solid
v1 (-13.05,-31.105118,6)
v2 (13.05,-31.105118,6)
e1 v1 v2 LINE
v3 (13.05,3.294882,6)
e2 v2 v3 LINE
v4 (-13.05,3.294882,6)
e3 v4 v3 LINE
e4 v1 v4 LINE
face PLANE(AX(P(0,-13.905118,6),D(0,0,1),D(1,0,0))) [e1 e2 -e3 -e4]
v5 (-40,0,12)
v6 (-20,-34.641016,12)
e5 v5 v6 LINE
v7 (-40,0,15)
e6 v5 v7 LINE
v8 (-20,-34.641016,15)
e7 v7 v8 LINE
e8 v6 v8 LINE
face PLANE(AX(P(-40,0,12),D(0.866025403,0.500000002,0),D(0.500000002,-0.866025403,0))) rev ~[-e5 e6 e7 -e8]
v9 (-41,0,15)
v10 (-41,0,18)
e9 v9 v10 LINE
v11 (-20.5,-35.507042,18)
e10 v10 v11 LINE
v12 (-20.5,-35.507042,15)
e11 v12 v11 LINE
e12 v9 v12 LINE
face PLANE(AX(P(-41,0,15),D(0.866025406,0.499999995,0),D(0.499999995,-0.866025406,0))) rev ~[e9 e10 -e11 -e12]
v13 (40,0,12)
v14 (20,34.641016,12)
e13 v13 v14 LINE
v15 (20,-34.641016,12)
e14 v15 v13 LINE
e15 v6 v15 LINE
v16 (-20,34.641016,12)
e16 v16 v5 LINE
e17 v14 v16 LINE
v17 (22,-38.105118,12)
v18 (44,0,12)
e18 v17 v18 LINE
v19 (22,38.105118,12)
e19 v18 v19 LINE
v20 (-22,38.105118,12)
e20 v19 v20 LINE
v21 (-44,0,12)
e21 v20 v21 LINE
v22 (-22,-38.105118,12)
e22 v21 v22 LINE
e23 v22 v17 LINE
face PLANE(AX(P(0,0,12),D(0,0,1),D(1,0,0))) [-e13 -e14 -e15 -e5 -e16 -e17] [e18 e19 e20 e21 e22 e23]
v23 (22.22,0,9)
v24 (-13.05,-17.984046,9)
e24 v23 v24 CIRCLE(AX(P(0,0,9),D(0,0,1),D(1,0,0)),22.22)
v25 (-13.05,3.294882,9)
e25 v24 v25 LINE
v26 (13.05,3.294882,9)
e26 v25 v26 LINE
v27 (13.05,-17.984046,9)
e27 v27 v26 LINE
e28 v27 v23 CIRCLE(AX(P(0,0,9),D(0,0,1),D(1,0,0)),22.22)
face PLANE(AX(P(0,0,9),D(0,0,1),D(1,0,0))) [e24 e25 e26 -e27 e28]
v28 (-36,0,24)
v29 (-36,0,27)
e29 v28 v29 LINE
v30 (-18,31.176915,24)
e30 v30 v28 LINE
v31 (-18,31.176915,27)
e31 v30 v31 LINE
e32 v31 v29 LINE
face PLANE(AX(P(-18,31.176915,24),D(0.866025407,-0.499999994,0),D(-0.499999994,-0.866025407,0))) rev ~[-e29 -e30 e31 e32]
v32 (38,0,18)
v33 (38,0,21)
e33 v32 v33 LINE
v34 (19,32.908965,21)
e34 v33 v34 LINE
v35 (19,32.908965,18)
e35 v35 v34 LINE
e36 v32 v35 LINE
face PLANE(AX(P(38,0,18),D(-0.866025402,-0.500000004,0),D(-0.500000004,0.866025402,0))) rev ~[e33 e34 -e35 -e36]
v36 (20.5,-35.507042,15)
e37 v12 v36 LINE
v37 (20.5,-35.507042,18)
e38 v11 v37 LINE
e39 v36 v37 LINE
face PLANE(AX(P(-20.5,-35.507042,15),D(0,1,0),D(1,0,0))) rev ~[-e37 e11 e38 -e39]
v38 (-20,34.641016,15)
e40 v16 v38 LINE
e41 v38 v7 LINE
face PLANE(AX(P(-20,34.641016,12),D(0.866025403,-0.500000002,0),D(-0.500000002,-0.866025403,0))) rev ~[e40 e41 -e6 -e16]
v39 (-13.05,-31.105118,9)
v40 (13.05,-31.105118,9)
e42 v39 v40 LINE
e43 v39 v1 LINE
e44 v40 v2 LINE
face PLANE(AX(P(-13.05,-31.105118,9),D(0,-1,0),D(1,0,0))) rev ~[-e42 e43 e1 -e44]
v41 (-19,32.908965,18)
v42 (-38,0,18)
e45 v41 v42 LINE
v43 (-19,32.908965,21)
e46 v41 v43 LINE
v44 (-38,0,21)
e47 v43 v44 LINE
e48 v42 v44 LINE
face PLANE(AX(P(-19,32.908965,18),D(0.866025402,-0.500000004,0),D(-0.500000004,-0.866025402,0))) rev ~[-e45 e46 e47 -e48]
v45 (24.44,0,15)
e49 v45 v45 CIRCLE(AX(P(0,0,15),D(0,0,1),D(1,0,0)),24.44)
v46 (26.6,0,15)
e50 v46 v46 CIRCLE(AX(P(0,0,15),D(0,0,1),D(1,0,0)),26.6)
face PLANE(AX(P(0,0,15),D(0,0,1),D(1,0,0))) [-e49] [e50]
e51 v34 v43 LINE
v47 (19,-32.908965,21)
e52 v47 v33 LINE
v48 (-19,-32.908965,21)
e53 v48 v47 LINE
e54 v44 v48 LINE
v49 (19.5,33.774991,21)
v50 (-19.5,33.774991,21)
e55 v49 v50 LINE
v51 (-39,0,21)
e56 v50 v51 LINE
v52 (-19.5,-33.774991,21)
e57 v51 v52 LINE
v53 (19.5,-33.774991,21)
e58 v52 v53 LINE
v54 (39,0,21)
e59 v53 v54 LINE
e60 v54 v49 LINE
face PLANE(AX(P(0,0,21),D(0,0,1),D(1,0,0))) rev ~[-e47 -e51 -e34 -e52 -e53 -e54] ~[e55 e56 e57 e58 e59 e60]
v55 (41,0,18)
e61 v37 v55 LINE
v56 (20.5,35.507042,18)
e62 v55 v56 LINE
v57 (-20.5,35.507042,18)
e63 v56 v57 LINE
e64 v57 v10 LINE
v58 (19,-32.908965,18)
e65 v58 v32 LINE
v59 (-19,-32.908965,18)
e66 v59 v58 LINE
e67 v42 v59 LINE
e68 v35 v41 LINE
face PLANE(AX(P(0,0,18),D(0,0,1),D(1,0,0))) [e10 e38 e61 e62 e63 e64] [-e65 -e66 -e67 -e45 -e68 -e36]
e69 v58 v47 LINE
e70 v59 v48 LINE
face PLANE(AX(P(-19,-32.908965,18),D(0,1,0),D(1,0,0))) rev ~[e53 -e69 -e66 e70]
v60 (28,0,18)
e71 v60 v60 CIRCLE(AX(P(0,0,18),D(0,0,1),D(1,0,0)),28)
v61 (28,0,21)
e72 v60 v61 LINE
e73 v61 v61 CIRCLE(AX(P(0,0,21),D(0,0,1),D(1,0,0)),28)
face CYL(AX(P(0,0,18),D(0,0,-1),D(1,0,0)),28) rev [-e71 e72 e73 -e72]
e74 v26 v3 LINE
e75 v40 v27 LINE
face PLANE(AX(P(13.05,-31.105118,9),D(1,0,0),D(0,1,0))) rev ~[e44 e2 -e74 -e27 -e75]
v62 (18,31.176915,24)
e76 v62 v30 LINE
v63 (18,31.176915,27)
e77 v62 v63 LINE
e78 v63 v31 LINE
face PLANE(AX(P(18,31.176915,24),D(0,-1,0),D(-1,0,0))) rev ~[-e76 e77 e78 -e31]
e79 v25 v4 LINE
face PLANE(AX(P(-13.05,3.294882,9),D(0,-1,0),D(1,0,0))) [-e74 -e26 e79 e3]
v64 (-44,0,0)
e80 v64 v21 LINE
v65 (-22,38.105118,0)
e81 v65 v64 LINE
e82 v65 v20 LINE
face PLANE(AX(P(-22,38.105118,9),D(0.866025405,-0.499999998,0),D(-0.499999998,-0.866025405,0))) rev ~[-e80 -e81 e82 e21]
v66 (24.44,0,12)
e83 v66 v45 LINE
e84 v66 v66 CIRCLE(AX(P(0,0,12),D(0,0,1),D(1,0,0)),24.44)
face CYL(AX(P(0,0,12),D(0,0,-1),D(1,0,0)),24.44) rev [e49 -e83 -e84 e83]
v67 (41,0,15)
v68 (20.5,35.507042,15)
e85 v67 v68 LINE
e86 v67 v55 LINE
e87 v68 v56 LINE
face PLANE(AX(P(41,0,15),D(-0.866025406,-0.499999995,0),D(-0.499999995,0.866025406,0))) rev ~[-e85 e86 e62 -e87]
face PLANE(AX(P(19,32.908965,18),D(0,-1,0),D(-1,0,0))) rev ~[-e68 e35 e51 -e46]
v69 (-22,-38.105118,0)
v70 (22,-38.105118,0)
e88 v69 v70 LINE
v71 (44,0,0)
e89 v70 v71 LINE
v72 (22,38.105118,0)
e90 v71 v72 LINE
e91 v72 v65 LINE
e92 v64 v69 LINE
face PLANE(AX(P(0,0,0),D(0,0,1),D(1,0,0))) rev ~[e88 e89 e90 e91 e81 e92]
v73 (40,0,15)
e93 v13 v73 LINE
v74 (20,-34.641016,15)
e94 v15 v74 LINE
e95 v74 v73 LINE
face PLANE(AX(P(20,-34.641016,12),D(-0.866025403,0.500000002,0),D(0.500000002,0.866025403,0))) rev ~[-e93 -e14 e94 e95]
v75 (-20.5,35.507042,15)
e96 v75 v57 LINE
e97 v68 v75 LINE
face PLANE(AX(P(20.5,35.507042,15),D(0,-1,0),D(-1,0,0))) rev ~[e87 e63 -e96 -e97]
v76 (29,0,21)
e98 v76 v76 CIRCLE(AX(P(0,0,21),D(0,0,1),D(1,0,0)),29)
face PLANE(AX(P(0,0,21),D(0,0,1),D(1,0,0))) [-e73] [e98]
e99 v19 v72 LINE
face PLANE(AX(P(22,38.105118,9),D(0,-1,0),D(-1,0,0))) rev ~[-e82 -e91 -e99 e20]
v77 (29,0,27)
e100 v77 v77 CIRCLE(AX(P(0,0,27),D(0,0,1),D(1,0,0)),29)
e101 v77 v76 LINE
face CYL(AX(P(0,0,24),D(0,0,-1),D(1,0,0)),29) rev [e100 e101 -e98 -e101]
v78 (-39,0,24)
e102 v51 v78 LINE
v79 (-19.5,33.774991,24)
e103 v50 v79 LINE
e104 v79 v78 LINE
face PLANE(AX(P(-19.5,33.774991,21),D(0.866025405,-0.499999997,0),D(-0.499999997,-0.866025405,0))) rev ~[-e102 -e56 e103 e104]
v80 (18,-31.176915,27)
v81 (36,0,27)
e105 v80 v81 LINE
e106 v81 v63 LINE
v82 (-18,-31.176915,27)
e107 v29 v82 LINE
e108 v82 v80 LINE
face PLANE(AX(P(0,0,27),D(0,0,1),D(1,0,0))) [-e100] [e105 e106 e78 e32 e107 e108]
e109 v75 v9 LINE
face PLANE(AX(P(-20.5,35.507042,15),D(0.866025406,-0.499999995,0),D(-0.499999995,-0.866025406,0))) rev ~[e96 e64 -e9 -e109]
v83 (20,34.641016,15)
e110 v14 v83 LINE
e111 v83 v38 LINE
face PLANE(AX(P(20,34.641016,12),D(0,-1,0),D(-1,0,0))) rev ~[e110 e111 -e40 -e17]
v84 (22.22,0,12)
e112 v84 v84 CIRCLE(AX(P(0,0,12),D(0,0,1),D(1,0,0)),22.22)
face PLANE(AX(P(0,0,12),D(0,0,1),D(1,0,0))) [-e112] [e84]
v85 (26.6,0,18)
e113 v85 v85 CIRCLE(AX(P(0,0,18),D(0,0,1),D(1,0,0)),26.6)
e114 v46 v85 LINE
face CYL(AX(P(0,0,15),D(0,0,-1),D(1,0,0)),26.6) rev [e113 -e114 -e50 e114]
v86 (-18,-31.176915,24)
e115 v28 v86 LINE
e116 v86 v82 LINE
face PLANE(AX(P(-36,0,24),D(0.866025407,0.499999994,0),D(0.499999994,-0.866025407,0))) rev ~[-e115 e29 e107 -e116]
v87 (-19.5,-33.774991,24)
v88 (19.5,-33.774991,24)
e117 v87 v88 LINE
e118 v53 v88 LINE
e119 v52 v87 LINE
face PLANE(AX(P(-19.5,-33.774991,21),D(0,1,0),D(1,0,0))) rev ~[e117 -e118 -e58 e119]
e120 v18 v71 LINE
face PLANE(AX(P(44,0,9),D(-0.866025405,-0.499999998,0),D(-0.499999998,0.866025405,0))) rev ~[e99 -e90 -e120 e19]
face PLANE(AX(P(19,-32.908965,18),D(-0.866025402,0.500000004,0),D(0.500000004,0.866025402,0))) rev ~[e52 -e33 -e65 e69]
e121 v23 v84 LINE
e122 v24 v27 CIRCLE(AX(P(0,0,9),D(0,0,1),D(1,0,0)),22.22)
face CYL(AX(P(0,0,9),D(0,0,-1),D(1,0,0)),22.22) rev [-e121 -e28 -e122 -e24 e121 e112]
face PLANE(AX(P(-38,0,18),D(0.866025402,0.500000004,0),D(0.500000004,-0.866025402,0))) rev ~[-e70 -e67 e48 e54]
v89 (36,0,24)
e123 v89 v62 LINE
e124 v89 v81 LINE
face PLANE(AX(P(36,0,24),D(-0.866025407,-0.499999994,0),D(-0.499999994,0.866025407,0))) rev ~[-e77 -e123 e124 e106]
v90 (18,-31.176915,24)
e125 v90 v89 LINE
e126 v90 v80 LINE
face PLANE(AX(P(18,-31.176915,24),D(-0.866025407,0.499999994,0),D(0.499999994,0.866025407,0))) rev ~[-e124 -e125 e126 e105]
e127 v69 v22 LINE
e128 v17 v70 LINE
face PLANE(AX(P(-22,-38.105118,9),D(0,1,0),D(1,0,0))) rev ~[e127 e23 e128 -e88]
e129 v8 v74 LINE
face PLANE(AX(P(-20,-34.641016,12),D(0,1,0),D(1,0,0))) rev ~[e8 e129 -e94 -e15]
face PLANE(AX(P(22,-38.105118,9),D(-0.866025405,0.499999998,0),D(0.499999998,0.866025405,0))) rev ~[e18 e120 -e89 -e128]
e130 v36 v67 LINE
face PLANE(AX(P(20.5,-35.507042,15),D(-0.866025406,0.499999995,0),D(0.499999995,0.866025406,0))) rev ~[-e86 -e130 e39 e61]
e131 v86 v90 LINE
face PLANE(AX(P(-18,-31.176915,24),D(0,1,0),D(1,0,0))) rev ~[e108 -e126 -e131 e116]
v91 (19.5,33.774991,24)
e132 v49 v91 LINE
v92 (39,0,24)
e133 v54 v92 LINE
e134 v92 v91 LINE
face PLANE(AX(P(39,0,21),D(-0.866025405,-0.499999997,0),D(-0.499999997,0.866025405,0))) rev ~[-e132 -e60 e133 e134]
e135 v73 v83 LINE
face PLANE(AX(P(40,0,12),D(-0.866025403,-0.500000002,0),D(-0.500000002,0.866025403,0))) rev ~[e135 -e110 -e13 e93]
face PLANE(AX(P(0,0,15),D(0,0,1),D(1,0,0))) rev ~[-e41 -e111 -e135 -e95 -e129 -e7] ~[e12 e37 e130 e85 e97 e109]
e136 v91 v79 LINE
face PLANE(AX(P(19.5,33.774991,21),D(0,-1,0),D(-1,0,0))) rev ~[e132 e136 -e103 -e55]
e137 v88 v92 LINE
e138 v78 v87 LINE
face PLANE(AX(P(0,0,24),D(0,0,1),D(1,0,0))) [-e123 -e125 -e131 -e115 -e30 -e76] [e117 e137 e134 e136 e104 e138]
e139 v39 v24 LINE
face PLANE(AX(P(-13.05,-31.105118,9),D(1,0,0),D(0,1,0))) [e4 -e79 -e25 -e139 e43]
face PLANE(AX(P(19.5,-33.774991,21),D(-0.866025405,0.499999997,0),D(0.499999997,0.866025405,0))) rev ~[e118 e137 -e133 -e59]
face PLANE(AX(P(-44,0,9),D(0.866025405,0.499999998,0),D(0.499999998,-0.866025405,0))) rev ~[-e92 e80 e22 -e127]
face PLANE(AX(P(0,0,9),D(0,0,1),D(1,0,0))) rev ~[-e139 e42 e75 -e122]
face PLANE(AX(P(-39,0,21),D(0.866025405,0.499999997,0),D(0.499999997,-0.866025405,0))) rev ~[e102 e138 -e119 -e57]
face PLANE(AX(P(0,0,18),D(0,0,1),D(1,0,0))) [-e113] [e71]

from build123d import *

# Parameters (mm, degrees)
PAD_DEPTH    = 9
SKETCH001_W  = 26.1
SKETCH001_H  = 34.4
POCKET_DEPTH = 3
SKETCH002_R  = 22.22
PAD001_DEPTH = 3
SKETCH003_R  = 24.44
PAD002_DEPTH = 3
SKETCH004_R  = 26.6
PAD003_DEPTH = 3
SKETCH005_R  = 28
PAD004_DEPTH = 3
SKETCH006_R  = 29
PAD005_DEPTH = 3
SKETCH007_R  = 29
PAD006_DEPTH = 3


with BuildPart() as part:
    # Sketch → Pad (new body)
    with BuildSketch(Plane.XY):
        Polygon((44, 0), (22, 38.105118), (-22, 38.105118), (-44, 0), (-22, -38.105118), (22, -38.105118), align=None)
    extrude(amount=PAD_DEPTH)

    # Sketch001 (on Face8 of Pad) → Pocket (cut)
    with BuildSketch(Plane.XY.offset(9)):
        with Locations((0, -13.905118)):
            Rectangle(SKETCH001_W, SKETCH001_H)
    extrude(amount=-POCKET_DEPTH, mode=Mode.SUBTRACT)

    # Sketch002 (on Face5 of Pocket) → Pad001 (join)
    with BuildSketch(Plane.XY.offset(9)):
        Polygon((22, 38.105118), (-22, 38.105118), (-44, 0), (-22, -38.105118), (22, -38.105118), (44, 0), align=None)
        Circle(SKETCH002_R, mode=Mode.SUBTRACT)
    extrude(amount=PAD001_DEPTH)

    # Sketch003 (on Face14 of Pad001) → Pad002 (join)
    with BuildSketch(Plane.XY.offset(12)):
        Polygon((40, 0), (20, 34.641016), (-20, 34.641016), (-40, 0), (-20, -34.641016), (20, -34.641016), align=None)
        Circle(SKETCH003_R, mode=Mode.SUBTRACT)
    extrude(amount=PAD002_DEPTH)

    # Sketch004 (on Face21 of Pad002) → Pad003 (join)
    with BuildSketch(Plane.XY.offset(15)):
        Polygon((41, 0), (20.5, 35.507042), (-20.5, 35.507042), (-41, 0), (-20.5, -35.507042), (20.5, -35.507042), align=None)
        Circle(SKETCH004_R, mode=Mode.SUBTRACT)
    extrude(amount=PAD003_DEPTH)

    # Sketch005 (on Face28 of Pad003) → Pad004 (join)
    with BuildSketch(Plane.XY.offset(18)):
        Polygon((19, 32.908965), (-19, 32.908965), (-38, 0), (-19, -32.908965), (19, -32.908965), (38, 0), align=None)
        Circle(SKETCH005_R, mode=Mode.SUBTRACT)
    extrude(amount=PAD004_DEPTH)

    # Sketch006 (on Face35 of Pad004) → Pad005 (join)
    with BuildSketch(Plane.XY.offset(21)):
        Polygon((39, 0), (19.5, 33.774991), (-19.5, 33.774991), (-39, 0), (-19.5, -33.774991), (19.5, -33.774991), align=None)
        Circle(SKETCH006_R, mode=Mode.SUBTRACT)
    extrude(amount=PAD005_DEPTH)

    # Sketch007 (on Face42 of Pad005) → Pad006 (join)
    with BuildSketch(Plane.XY.offset(24)):
        Polygon((36, 0), (18, 31.176915), (-18, 31.176915), (-36, 0), (-18, -31.176915), (18, -31.176915), align=None)
        Circle(SKETCH007_R, mode=Mode.SUBTRACT)
    extrude(amount=PAD006_DEPTH)


solid = part.part
